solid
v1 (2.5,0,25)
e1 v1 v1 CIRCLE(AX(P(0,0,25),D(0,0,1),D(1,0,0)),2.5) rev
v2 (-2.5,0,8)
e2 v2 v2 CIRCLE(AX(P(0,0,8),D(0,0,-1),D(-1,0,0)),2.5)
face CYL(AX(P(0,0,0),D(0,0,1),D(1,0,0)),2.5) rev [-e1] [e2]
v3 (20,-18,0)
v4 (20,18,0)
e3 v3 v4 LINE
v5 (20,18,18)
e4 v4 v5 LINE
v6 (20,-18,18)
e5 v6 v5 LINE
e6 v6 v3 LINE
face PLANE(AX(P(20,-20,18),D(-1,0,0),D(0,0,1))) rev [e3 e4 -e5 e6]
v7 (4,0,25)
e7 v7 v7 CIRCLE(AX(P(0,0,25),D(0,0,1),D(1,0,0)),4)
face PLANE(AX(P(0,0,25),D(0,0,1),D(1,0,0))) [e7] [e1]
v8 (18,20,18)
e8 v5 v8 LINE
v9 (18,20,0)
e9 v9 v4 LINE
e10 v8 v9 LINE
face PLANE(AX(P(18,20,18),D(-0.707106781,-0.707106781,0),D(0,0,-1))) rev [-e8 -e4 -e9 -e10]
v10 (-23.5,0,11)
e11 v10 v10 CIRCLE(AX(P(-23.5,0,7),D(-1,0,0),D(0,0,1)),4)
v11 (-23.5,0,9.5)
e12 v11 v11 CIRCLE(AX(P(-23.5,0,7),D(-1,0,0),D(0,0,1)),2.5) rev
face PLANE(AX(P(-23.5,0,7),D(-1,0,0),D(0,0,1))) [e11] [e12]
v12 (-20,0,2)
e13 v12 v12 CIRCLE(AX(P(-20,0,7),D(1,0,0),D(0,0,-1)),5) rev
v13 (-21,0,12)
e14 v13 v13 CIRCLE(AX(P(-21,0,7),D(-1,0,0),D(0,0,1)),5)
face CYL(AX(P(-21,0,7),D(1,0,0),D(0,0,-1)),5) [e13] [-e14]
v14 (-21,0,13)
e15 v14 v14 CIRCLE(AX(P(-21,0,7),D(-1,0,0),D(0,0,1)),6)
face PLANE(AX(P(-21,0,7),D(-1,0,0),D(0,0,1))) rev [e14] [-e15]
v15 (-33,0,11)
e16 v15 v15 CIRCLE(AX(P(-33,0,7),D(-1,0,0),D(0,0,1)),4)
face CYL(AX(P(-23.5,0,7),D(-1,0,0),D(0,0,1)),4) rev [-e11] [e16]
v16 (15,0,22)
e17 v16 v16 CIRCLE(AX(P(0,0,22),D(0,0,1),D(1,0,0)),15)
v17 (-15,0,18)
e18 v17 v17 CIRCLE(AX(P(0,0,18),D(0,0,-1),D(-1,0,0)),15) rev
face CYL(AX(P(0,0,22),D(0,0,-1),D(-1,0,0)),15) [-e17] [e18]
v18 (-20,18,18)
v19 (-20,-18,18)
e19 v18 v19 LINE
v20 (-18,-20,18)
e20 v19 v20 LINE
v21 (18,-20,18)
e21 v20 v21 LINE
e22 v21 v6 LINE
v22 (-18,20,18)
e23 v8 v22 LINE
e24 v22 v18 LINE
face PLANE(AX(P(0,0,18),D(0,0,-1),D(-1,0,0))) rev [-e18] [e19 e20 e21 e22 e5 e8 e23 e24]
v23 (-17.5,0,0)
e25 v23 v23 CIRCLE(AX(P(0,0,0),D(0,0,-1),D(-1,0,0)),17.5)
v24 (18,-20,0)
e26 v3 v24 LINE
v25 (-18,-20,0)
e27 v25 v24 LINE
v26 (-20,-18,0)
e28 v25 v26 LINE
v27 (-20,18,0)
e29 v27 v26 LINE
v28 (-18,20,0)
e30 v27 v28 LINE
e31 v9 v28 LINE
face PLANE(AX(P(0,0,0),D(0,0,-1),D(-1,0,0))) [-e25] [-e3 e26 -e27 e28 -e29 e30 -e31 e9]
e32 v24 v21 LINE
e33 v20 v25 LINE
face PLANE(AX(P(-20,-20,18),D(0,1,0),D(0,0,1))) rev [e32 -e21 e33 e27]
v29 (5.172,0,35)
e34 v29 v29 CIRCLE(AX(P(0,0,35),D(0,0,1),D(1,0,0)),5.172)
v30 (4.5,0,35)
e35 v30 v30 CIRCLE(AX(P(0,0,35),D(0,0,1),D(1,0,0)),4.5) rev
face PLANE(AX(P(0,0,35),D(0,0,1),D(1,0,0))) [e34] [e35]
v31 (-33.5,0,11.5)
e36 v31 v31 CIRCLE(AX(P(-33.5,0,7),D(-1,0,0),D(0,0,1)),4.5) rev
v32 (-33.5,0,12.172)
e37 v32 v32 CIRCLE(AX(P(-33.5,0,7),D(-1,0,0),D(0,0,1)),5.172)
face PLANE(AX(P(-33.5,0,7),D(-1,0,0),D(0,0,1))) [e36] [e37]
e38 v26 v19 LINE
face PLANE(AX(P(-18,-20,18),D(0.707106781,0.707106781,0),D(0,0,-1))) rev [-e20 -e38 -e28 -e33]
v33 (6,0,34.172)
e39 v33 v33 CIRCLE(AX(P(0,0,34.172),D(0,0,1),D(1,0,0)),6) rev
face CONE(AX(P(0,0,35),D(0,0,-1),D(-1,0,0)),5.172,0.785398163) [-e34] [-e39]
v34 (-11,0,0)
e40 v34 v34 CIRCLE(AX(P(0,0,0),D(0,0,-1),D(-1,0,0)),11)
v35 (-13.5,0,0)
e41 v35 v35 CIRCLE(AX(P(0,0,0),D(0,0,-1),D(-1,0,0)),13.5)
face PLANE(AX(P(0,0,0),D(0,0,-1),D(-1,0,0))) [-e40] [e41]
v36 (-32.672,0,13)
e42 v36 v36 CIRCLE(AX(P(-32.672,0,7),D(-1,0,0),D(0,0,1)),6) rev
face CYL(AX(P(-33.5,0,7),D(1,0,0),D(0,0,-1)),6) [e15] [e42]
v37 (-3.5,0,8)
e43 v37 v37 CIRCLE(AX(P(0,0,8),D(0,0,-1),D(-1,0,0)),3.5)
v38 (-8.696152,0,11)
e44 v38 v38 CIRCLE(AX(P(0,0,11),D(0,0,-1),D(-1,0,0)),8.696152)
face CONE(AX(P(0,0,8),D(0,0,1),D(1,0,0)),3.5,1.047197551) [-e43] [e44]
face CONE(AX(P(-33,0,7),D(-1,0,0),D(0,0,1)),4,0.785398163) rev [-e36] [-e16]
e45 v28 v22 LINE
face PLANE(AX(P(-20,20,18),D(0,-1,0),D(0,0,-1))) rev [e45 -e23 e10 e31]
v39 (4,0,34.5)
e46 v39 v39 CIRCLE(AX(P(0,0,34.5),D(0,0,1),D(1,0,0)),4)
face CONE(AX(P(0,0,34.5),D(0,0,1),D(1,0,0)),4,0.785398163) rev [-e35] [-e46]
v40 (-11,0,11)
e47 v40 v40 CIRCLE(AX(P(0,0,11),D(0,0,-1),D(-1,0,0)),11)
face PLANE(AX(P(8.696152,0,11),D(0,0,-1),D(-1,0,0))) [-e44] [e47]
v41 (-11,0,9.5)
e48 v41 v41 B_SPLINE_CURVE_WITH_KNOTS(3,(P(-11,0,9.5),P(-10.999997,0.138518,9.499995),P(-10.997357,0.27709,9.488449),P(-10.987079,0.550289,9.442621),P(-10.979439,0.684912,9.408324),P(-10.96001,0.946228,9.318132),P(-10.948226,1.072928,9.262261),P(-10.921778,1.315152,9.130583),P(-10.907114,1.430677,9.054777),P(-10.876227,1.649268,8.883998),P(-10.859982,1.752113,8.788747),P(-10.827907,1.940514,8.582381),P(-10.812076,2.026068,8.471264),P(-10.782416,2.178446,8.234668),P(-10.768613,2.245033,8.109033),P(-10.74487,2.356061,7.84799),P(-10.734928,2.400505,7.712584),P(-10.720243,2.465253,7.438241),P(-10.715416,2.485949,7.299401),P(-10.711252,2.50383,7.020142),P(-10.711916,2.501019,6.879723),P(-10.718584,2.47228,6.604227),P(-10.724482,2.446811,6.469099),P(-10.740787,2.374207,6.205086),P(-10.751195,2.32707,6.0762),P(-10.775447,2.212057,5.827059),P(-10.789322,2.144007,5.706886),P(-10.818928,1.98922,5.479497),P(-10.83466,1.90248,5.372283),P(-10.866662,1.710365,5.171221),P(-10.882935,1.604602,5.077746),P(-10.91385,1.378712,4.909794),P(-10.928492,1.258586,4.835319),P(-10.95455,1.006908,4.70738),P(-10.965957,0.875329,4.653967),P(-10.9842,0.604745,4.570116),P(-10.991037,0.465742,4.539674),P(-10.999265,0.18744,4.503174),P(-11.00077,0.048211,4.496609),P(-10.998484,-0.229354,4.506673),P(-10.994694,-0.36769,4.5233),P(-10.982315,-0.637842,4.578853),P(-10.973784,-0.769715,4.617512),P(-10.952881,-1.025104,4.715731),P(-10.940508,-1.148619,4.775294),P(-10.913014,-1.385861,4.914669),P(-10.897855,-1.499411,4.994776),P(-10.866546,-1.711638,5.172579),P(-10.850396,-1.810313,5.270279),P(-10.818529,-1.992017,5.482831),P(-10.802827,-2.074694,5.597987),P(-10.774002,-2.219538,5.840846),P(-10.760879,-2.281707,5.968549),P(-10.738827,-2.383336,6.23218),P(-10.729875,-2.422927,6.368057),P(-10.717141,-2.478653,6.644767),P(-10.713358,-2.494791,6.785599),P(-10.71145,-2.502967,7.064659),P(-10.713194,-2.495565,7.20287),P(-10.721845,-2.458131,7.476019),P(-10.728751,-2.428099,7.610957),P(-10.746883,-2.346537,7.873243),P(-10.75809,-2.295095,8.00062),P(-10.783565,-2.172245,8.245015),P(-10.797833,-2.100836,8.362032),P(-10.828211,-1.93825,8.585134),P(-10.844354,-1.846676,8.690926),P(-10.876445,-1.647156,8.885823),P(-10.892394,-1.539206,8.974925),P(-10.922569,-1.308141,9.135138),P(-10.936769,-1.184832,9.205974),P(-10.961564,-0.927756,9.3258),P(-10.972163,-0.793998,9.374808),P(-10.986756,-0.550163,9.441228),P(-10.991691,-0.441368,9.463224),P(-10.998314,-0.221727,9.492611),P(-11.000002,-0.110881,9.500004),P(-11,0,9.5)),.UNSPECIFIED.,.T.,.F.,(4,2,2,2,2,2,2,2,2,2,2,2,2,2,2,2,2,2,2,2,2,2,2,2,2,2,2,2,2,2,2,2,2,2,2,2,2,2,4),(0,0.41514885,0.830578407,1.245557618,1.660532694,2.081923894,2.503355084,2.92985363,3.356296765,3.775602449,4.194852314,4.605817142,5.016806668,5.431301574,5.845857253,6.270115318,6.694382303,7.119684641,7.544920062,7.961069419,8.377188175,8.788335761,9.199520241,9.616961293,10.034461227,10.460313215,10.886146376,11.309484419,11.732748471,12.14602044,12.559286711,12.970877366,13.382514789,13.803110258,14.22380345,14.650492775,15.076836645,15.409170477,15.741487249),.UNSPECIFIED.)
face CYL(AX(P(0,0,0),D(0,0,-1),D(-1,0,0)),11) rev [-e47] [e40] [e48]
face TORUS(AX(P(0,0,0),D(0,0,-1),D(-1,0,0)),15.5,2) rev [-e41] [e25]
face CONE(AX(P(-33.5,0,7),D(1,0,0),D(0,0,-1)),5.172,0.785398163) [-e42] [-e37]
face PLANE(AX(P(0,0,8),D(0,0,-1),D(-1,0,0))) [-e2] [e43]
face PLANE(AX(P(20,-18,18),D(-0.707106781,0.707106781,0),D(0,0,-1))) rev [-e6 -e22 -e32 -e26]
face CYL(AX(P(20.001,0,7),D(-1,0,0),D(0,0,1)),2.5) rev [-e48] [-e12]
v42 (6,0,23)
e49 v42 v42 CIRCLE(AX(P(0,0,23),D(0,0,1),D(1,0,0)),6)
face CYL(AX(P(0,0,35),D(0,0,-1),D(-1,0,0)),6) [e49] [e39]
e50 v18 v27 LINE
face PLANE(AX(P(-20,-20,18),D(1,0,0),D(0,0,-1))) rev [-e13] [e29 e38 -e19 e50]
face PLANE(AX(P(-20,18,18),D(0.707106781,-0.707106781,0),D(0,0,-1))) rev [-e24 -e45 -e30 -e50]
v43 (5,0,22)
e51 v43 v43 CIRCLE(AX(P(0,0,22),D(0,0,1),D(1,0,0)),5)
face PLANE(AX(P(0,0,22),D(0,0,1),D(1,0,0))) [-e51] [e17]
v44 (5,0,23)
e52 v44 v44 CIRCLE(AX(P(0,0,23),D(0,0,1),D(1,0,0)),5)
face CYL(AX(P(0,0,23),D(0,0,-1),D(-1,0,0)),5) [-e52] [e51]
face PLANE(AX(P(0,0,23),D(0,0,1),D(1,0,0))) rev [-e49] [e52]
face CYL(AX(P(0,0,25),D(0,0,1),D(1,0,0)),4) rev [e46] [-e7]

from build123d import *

# Parameters (mm, degrees)
SKETCH_1_W          = 40
SKETCH_1_H          = 40
EXTRUDE_1_DEPTH     = 18
SKETCH_2_R          = 15
EXTRUDE_2_DEPTH     = 4
SKETCH_3_R          = 5
EXTRUDE_3_DEPTH     = 1
SKETCH_4_R          = 6
EXTRUDE_4_DEPTH     = 12
SKETCH_5_R          = 5
EXTRUDE_5_DEPTH     = 1
SKETCH_6_R          = 6
EXTRUDE_6_DEPTH     = 12.5
SKETCH_8_R          = 2.5
CUT_EXTRUDE_1_DEPTH = 36
SKETCH_9_R          = 4
CUT_EXTRUDE_2_DEPTH = 10
CUT_EXTRUDE_3_REACH = 55.5
SKETCH_10_R         = 2.5
SKETCH_11_R         = 4
CUT_EXTRUDE_4_DEPTH = 10
CHAMFER_1_SIZE      = 0.5
CHAMFER_2_SIZE      = 0.828
CHAMFER_3_SIZE      = 2


with BuildPart() as part:
    # Эскиз1 → Бобышка-Вытянуть1 (new body)
    with BuildSketch(Plane.XY):
        Rectangle(SKETCH_1_W, SKETCH_1_H)
    extrude(amount=EXTRUDE_1_DEPTH)

    # Эскиз2 → Бобышка-Вытянуть2 (add)
    with BuildSketch(Plane.XY.offset(18)):
        Circle(SKETCH_2_R)
    extrude(amount=EXTRUDE_2_DEPTH)

    # Эскиз3 → Бобышка-Вытянуть3 (add)
    with BuildSketch(Plane.XY.offset(22)):
        Circle(SKETCH_3_R)
    extrude(amount=EXTRUDE_3_DEPTH)

    # Эскиз4 → Бобышка-Вытянуть4 (add)
    with BuildSketch(Plane.XY.offset(23)):
        Circle(SKETCH_4_R)
    extrude(amount=EXTRUDE_4_DEPTH)

    # Эскиз5 → Бобышка-Вытянуть5 (add)
    with BuildSketch(Plane.ZY.offset(20)):
        with Locations((7, 0)):
            Circle(SKETCH_5_R)
    extrude(amount=EXTRUDE_5_DEPTH)

    # Эскиз6 → Бобышка-Вытянуть6 (add)
    with BuildSketch(Plane.ZY.offset(21)):
        with Locations((7, 0)):
            Circle(SKETCH_6_R)
    extrude(amount=EXTRUDE_6_DEPTH)

    # Эскиз7 → Вырез-Повернуть1 (revolve, cut)
    with BuildSketch(Plane(origin=(0, 0, 0), x_dir=(1, 0, 0), z_dir=(0, 1, 0))):
        Polygon((0, 0), (0, -8), (3.5, -8), (8.696152423, -11), (11, -11), (11, 0), align=None)
    revolve(axis=Axis((0, 0, 0), (0, 0, 1)), mode=Mode.SUBTRACT)

    # Эскиз8 → Вырез-Вытянуть1 (cut, through all)
    with BuildSketch(Plane.XY.offset(35)):
        Circle(SKETCH_8_R)
    extrude(amount=-CUT_EXTRUDE_1_DEPTH, mode=Mode.SUBTRACT)

    # Эскиз9 → Вырез-Вытянуть2 (cut)
    with BuildSketch(Plane.XY.offset(35)):
        Circle(SKETCH_9_R)
    extrude(amount=-CUT_EXTRUDE_2_DEPTH, mode=Mode.SUBTRACT)

    # Эскиз10 → Вырез-Вытянуть3 (cut, up to next)
    with BuildSketch(Plane.ZY.offset(33.5), mode=Mode.PRIVATE) as cut_extrude_3_sk1:
        with Locations((7, 0)):
            Circle(SKETCH_10_R)
    cut_extrude_3_tool1 = extrude(cut_extrude_3_sk1.sketch, amount=-CUT_EXTRUDE_3_REACH, mode=Mode.PRIVATE) & part.part
    add(cut_extrude_3_tool1.solids().sort_by_distance((-33.5, 0, 7))[0], mode=Mode.SUBTRACT)

    # Эскиз11 → Вырез-Вытянуть4 (cut)
    with BuildSketch(Plane.ZY.offset(33.5)):
        with Locations((7, 0)):
            Circle(SKETCH_11_R)
    extrude(amount=-CUT_EXTRUDE_4_DEPTH, mode=Mode.SUBTRACT)

    # Фаска1
    chamfer_1_edges = [part.edges().sort_by_distance(p)[0] for p in [
        (-4, 0, 35),
        (-33.5, 0, 3),
    ]]
    chamfer(chamfer_1_edges, length=CHAMFER_1_SIZE)

    # Фаска2
    chamfer_2_edges = [part.edges().sort_by_distance(p)[0] for p in [
        (-6, 0, 35),
        (-33.5, 0, 1),
    ]]
    chamfer(chamfer_2_edges, length=CHAMFER_2_SIZE)

    # Фаска3
    chamfer_3_edges = [part.edges().sort_by_distance(p)[0] for p in [
        (20, -20, 9),
        (-20, -20, 9),
        (-20, 20, 9),
        (20, 20, 9),
    ]]
    chamfer(chamfer_3_edges, length=CHAMFER_3_SIZE)

    # Эскиз12 → Вырез-Повернуть2 (revolve, cut)
    with BuildSketch(Plane(origin=(0, 0, 0), x_dir=(1, 0, 0), z_dir=(0, 1, 0))):
        with BuildLine():
            Line((13.5, 0), (13.5, 3))
            ThreePointArc((13.5, 3), (15.5, 5), (17.5, 3))
            Line((17.5, 3), (17.5, 0))
            ThreePointArc((17.5, 0), (15.5, -2), (13.5, 0))
        make_face()
    revolve(axis=Axis((0, 0, 0), (0, 0, 1)), mode=Mode.SUBTRACT)


solid = part.part
